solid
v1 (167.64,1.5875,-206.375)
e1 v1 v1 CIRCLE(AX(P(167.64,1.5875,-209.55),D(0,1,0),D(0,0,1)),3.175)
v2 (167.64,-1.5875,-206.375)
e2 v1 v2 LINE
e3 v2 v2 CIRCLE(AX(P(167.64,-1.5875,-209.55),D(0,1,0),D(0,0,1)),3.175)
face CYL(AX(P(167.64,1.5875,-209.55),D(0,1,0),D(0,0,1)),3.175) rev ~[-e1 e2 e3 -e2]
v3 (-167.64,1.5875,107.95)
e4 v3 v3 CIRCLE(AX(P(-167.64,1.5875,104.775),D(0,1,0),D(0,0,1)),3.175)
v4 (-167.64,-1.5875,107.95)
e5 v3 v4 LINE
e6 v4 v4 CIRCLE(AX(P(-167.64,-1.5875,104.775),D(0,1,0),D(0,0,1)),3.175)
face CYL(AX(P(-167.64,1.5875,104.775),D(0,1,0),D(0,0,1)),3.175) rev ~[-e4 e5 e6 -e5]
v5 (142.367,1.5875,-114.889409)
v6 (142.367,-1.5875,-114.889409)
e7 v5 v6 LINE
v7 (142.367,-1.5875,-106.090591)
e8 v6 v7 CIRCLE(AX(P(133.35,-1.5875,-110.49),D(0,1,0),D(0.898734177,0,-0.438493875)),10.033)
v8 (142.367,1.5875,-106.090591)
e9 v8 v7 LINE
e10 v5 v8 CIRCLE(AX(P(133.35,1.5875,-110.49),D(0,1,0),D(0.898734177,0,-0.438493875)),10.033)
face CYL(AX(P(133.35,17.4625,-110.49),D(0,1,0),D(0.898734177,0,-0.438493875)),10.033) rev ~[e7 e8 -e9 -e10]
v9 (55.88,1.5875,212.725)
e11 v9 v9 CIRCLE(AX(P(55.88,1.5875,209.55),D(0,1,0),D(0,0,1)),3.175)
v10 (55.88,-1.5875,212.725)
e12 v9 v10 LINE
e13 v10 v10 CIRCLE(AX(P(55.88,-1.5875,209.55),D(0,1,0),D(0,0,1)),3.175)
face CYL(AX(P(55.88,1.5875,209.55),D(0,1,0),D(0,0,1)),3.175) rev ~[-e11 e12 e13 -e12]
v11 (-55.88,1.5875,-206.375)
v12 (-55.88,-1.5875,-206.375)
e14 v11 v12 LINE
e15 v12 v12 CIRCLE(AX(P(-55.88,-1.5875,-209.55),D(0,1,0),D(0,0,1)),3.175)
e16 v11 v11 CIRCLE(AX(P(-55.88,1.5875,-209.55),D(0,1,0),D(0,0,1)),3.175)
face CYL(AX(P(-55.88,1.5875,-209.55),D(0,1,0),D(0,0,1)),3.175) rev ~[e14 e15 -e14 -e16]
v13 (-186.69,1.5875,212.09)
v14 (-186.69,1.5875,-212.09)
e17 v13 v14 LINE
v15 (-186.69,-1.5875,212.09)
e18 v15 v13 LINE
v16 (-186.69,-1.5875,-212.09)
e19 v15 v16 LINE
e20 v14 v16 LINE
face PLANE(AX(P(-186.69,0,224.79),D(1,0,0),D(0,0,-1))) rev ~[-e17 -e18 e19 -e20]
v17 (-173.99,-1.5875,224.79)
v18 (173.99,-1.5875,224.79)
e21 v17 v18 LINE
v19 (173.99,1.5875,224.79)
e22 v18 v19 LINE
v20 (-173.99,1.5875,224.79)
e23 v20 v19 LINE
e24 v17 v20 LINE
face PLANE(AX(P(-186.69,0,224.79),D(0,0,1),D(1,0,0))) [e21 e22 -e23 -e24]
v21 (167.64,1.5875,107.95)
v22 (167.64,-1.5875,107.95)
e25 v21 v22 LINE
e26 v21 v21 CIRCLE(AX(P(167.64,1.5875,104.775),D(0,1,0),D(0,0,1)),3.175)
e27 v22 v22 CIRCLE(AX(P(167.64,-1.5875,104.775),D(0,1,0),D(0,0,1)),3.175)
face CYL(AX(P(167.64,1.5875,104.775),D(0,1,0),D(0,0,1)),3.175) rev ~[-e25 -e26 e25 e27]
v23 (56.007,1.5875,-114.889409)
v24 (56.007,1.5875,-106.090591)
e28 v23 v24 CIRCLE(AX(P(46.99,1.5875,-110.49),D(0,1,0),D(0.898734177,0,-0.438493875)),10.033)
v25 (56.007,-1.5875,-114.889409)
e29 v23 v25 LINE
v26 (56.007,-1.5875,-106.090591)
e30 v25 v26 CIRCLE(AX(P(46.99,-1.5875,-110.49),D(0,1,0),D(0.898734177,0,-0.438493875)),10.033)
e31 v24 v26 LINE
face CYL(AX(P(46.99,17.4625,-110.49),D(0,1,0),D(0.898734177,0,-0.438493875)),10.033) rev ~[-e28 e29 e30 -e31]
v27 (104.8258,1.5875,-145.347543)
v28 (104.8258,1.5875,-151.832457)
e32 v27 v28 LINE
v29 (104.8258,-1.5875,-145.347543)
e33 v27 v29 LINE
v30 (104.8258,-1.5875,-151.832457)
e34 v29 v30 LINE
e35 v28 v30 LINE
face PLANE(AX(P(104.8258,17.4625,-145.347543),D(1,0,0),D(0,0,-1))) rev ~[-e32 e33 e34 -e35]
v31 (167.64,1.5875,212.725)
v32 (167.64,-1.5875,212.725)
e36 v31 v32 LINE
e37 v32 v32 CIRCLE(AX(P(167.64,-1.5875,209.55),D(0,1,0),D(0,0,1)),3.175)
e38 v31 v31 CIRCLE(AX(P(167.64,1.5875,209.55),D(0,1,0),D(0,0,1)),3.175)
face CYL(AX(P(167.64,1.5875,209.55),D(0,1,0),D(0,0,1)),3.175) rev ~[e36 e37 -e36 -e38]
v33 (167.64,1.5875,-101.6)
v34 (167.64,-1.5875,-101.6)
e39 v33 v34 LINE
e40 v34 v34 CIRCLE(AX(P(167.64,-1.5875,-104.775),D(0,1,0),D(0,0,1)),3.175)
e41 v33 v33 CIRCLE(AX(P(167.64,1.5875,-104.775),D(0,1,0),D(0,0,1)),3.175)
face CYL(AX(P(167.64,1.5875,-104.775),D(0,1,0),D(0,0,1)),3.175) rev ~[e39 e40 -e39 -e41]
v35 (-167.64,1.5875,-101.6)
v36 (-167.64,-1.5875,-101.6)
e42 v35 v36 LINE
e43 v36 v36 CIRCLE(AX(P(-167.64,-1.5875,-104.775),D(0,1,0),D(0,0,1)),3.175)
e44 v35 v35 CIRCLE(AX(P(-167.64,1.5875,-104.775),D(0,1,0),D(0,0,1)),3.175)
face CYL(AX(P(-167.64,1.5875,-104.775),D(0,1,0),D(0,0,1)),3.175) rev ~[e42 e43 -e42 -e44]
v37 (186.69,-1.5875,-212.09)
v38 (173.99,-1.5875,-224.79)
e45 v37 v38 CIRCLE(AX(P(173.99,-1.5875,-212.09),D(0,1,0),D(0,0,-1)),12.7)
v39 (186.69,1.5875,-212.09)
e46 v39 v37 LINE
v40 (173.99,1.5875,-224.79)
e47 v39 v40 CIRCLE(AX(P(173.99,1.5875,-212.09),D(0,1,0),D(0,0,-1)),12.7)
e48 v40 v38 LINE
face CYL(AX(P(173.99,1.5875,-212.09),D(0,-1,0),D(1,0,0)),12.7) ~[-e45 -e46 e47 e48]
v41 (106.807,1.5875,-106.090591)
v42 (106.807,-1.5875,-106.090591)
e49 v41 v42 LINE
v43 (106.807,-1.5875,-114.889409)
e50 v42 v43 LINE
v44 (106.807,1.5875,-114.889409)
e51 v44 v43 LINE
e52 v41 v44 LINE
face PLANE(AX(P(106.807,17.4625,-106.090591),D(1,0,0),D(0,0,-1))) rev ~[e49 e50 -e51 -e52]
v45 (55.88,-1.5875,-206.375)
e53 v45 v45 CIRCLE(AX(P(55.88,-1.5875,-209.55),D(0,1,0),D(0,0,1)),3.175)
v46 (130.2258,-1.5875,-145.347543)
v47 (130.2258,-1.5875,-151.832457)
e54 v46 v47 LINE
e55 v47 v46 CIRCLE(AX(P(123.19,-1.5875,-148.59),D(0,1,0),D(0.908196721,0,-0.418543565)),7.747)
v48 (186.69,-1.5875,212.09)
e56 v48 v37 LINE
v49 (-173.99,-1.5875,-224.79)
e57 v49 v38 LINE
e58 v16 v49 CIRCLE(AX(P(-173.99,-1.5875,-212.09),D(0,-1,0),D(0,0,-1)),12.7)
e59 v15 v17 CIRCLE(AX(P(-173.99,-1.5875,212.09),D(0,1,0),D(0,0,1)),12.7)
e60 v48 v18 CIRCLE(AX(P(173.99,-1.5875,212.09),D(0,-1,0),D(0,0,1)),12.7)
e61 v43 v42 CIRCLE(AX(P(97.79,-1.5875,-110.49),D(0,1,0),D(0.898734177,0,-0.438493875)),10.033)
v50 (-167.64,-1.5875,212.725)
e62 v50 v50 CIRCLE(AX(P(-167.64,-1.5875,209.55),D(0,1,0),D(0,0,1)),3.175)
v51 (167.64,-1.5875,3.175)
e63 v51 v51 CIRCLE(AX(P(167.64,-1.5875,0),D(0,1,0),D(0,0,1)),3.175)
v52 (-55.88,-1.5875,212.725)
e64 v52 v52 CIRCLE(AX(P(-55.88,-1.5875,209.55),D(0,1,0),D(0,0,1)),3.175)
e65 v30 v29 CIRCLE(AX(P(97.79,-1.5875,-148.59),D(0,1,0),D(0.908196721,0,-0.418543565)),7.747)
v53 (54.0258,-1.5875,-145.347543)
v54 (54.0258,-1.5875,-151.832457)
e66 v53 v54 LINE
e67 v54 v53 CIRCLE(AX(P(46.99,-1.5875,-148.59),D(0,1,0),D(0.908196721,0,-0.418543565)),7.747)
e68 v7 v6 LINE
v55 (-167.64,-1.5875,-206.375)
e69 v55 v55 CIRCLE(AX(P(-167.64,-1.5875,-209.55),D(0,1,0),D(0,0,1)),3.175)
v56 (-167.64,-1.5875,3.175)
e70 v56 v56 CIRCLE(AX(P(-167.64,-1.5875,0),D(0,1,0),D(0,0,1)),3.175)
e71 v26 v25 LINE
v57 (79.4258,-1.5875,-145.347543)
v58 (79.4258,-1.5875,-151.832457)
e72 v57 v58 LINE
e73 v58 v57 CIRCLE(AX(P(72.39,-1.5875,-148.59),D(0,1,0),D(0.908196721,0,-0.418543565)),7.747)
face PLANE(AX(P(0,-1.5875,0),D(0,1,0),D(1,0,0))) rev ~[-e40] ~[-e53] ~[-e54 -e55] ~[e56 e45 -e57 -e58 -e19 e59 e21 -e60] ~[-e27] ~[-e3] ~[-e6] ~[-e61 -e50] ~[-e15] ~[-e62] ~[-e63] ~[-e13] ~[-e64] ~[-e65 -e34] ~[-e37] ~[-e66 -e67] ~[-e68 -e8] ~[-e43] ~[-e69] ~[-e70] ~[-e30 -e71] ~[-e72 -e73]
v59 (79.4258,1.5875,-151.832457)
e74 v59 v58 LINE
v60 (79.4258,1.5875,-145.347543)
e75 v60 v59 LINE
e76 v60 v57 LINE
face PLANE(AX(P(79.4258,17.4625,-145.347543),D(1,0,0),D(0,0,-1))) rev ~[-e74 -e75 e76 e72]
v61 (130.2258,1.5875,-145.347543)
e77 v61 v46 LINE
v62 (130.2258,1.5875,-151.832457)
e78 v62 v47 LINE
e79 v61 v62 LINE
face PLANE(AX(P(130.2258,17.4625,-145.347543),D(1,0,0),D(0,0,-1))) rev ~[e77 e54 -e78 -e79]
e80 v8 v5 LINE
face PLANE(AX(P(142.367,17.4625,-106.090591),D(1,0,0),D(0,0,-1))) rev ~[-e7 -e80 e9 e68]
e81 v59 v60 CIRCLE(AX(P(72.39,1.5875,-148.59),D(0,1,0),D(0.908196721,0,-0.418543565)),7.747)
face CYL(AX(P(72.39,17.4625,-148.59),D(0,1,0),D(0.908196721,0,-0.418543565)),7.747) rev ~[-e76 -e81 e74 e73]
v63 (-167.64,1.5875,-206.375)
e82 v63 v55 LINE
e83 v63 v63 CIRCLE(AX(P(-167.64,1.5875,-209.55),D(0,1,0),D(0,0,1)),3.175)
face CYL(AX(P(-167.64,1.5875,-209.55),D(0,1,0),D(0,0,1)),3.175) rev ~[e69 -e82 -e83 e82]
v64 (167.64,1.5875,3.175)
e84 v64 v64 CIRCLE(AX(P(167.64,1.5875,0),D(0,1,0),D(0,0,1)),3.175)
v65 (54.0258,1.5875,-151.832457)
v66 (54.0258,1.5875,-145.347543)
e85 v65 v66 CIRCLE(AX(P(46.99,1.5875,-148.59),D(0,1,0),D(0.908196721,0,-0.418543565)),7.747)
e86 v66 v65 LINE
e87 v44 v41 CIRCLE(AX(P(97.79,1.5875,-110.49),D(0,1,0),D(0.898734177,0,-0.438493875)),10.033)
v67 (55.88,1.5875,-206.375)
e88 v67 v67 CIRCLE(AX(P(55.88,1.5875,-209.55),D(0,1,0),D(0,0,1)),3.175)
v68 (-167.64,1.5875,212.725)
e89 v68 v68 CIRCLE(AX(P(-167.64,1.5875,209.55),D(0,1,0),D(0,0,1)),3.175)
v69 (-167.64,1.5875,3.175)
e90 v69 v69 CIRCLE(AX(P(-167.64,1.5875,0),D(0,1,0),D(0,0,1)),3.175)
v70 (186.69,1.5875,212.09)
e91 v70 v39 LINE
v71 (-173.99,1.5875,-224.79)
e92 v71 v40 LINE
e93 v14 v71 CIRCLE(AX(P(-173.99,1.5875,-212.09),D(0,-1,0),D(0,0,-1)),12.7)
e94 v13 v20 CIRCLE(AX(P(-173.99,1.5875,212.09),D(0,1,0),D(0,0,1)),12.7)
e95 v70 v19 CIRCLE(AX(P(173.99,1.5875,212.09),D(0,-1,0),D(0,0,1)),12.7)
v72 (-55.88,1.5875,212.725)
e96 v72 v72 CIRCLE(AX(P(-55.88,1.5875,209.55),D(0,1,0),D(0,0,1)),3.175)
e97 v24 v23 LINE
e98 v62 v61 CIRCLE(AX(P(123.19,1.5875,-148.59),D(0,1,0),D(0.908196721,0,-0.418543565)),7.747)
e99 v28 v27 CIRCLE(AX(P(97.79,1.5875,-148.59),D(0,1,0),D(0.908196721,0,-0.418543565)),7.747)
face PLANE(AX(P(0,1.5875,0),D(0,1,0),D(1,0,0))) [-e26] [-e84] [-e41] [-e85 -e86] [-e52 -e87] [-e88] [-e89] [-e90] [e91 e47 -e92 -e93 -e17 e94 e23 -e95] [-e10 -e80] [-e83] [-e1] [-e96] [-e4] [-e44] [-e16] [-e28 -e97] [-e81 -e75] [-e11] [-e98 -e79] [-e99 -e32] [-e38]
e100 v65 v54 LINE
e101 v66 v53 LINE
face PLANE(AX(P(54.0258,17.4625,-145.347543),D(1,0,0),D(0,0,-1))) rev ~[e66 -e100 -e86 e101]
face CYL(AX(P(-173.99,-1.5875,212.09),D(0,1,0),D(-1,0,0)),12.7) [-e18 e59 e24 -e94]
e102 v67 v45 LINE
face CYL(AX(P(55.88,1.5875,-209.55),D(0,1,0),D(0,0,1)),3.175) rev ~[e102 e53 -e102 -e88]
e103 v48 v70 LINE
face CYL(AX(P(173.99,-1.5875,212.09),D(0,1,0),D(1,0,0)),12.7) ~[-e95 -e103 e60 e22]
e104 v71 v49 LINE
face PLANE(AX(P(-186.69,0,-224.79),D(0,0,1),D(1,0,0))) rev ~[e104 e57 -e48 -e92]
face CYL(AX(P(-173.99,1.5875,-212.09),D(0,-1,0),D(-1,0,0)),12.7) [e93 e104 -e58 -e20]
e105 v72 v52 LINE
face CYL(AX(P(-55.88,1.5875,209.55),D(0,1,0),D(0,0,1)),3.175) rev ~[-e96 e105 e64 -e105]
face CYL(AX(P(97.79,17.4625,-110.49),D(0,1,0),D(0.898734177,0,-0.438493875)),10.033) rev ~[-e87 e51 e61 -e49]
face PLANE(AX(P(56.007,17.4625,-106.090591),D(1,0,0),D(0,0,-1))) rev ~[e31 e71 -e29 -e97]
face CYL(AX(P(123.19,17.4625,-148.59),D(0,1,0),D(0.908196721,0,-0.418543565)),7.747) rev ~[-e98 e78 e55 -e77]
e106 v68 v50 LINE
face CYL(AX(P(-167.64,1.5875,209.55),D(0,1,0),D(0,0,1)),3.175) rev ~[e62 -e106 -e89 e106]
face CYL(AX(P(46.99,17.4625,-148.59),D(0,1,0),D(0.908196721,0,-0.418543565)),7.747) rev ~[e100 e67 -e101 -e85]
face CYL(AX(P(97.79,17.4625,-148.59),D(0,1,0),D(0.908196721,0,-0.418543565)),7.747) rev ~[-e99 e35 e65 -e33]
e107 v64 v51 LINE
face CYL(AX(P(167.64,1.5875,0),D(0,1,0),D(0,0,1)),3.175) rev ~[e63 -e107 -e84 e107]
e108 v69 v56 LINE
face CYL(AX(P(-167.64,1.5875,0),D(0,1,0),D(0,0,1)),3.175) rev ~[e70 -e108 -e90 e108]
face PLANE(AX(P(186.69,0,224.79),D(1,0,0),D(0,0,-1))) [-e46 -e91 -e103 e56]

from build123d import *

# Parameters (mm, degrees)
SKETCH1_W            = 373.38
SKETCH1_H            = 449.58
BOSS_EXTRUDE1_DEPTH  = 1.5875
FILLET1_R            = 12.7
SKETCH2_R            = 3.175
CUT_EXTRUDE1_DEPTH   = 293.222142941
LPATTERN1_COUNT      = 4
LPATTERN1_PITCH      = 111.76
LPATTERN1_COUNT_DIR2 = 5
LPATTERN1_PITCH_DIR2 = 104.775
CUT_EXTRUDE2_DEPTH   = 303.544238838


with BuildPart() as part:
    # Sketch1 → Boss-Extrude1 (new, symmetric)
    with BuildSketch(Plane(origin=(0, 0, 0), x_dir=(1, 0, 0), z_dir=(0, 1, 0))):
        Rectangle(SKETCH1_W, SKETCH1_H)
    extrude(amount=BOSS_EXTRUDE1_DEPTH, both=True)

    # Fillet1
    fillet1_edges = [part.edges().sort_by_distance(p)[0] for p in [
        (186.69, 0, 224.79),
        (-186.69, 0, 224.79),
        (-186.69, 0, -224.79),
        (186.69, 0, -224.79),
    ]]
    fillet(fillet1_edges, radius=FILLET1_R)

    # Sketch2 → Cut-Extrude1 (cut, through all)
    with BuildSketch(Plane(origin=(0, 1.5875, 0), x_dir=(1, 0, 0), z_dir=(0, 1, 0))):
        with Locations(Location((-167.64, 209.55, 0), (0, 0, 270))):
            Circle(SKETCH2_R)
    cut_extrude1 = extrude(amount=-CUT_EXTRUDE1_DEPTH, mode=Mode.SUBTRACT)

    # LPattern1: Cut-Extrude1 4 × 5, 6 skipped
    with Locations(*[(i * LPATTERN1_PITCH, 0, j * LPATTERN1_PITCH_DIR2) for i in range(LPATTERN1_COUNT) for j in range(LPATTERN1_COUNT_DIR2) if (i, j) not in ((0, 0), (1, 1), (1, 2), (1, 3), (2, 1), (2, 2), (2, 3))]):
        add(cut_extrude1, mode=Mode.SUBTRACT)

    # Sketch3 → Cut-Extrude2 (cut, through all)
    with BuildSketch(Plane(origin=(13.560082756, 17.4625, -1.196765785), x_dir=(1, 0, 0), z_dir=(0, 1, 0))):
        with BuildLine():
            ThreePointArc((128.806917244, 113.692643266), (109.756917244, 109.293234215), (128.806917244, 104.893825163))
            Line((128.806917244, 104.893825163), (128.806917244, 113.692643266))
        make_face()
        with BuildLine():
            ThreePointArc((116.665717244, 150.635691209), (101.882917244, 147.393234215), (116.665717244, 144.15077722))
            Line((116.665717244, 144.15077722), (116.665717244, 150.635691209))
        make_face()
        with BuildLine():
            ThreePointArc((91.265717244, 150.635691209), (76.482917244, 147.393234215), (91.265717244, 144.15077722))
            Line((91.265717244, 144.15077722), (91.265717244, 150.635691209))
        make_face()
        with BuildLine():
            ThreePointArc((93.246917244, 113.692643266), (74.196917244, 109.293234215), (93.246917244, 104.893825163))
            Line((93.246917244, 104.893825163), (93.246917244, 113.692643266))
        make_face()
        with BuildLine():
            ThreePointArc((65.865717244, 150.635691209), (51.082917244, 147.393234215), (65.865717244, 144.15077722))
            Line((65.865717244, 144.15077722), (65.865717244, 150.635691209))
        make_face()
        with BuildLine():
            ThreePointArc((40.465717244, 150.635691209), (25.682917244, 147.393234215), (40.465717244, 144.15077722))
            Line((40.465717244, 144.15077722), (40.465717244, 150.635691209))
        make_face()
        with BuildLine():
            ThreePointArc((42.446917244, 113.692643266), (23.396917244, 109.293234215), (42.446917244, 104.893825163))
            Line((42.446917244, 104.893825163), (42.446917244, 113.692643266))
        make_face()
    extrude(amount=-CUT_EXTRUDE2_DEPTH, mode=Mode.SUBTRACT)


solid = part.part
